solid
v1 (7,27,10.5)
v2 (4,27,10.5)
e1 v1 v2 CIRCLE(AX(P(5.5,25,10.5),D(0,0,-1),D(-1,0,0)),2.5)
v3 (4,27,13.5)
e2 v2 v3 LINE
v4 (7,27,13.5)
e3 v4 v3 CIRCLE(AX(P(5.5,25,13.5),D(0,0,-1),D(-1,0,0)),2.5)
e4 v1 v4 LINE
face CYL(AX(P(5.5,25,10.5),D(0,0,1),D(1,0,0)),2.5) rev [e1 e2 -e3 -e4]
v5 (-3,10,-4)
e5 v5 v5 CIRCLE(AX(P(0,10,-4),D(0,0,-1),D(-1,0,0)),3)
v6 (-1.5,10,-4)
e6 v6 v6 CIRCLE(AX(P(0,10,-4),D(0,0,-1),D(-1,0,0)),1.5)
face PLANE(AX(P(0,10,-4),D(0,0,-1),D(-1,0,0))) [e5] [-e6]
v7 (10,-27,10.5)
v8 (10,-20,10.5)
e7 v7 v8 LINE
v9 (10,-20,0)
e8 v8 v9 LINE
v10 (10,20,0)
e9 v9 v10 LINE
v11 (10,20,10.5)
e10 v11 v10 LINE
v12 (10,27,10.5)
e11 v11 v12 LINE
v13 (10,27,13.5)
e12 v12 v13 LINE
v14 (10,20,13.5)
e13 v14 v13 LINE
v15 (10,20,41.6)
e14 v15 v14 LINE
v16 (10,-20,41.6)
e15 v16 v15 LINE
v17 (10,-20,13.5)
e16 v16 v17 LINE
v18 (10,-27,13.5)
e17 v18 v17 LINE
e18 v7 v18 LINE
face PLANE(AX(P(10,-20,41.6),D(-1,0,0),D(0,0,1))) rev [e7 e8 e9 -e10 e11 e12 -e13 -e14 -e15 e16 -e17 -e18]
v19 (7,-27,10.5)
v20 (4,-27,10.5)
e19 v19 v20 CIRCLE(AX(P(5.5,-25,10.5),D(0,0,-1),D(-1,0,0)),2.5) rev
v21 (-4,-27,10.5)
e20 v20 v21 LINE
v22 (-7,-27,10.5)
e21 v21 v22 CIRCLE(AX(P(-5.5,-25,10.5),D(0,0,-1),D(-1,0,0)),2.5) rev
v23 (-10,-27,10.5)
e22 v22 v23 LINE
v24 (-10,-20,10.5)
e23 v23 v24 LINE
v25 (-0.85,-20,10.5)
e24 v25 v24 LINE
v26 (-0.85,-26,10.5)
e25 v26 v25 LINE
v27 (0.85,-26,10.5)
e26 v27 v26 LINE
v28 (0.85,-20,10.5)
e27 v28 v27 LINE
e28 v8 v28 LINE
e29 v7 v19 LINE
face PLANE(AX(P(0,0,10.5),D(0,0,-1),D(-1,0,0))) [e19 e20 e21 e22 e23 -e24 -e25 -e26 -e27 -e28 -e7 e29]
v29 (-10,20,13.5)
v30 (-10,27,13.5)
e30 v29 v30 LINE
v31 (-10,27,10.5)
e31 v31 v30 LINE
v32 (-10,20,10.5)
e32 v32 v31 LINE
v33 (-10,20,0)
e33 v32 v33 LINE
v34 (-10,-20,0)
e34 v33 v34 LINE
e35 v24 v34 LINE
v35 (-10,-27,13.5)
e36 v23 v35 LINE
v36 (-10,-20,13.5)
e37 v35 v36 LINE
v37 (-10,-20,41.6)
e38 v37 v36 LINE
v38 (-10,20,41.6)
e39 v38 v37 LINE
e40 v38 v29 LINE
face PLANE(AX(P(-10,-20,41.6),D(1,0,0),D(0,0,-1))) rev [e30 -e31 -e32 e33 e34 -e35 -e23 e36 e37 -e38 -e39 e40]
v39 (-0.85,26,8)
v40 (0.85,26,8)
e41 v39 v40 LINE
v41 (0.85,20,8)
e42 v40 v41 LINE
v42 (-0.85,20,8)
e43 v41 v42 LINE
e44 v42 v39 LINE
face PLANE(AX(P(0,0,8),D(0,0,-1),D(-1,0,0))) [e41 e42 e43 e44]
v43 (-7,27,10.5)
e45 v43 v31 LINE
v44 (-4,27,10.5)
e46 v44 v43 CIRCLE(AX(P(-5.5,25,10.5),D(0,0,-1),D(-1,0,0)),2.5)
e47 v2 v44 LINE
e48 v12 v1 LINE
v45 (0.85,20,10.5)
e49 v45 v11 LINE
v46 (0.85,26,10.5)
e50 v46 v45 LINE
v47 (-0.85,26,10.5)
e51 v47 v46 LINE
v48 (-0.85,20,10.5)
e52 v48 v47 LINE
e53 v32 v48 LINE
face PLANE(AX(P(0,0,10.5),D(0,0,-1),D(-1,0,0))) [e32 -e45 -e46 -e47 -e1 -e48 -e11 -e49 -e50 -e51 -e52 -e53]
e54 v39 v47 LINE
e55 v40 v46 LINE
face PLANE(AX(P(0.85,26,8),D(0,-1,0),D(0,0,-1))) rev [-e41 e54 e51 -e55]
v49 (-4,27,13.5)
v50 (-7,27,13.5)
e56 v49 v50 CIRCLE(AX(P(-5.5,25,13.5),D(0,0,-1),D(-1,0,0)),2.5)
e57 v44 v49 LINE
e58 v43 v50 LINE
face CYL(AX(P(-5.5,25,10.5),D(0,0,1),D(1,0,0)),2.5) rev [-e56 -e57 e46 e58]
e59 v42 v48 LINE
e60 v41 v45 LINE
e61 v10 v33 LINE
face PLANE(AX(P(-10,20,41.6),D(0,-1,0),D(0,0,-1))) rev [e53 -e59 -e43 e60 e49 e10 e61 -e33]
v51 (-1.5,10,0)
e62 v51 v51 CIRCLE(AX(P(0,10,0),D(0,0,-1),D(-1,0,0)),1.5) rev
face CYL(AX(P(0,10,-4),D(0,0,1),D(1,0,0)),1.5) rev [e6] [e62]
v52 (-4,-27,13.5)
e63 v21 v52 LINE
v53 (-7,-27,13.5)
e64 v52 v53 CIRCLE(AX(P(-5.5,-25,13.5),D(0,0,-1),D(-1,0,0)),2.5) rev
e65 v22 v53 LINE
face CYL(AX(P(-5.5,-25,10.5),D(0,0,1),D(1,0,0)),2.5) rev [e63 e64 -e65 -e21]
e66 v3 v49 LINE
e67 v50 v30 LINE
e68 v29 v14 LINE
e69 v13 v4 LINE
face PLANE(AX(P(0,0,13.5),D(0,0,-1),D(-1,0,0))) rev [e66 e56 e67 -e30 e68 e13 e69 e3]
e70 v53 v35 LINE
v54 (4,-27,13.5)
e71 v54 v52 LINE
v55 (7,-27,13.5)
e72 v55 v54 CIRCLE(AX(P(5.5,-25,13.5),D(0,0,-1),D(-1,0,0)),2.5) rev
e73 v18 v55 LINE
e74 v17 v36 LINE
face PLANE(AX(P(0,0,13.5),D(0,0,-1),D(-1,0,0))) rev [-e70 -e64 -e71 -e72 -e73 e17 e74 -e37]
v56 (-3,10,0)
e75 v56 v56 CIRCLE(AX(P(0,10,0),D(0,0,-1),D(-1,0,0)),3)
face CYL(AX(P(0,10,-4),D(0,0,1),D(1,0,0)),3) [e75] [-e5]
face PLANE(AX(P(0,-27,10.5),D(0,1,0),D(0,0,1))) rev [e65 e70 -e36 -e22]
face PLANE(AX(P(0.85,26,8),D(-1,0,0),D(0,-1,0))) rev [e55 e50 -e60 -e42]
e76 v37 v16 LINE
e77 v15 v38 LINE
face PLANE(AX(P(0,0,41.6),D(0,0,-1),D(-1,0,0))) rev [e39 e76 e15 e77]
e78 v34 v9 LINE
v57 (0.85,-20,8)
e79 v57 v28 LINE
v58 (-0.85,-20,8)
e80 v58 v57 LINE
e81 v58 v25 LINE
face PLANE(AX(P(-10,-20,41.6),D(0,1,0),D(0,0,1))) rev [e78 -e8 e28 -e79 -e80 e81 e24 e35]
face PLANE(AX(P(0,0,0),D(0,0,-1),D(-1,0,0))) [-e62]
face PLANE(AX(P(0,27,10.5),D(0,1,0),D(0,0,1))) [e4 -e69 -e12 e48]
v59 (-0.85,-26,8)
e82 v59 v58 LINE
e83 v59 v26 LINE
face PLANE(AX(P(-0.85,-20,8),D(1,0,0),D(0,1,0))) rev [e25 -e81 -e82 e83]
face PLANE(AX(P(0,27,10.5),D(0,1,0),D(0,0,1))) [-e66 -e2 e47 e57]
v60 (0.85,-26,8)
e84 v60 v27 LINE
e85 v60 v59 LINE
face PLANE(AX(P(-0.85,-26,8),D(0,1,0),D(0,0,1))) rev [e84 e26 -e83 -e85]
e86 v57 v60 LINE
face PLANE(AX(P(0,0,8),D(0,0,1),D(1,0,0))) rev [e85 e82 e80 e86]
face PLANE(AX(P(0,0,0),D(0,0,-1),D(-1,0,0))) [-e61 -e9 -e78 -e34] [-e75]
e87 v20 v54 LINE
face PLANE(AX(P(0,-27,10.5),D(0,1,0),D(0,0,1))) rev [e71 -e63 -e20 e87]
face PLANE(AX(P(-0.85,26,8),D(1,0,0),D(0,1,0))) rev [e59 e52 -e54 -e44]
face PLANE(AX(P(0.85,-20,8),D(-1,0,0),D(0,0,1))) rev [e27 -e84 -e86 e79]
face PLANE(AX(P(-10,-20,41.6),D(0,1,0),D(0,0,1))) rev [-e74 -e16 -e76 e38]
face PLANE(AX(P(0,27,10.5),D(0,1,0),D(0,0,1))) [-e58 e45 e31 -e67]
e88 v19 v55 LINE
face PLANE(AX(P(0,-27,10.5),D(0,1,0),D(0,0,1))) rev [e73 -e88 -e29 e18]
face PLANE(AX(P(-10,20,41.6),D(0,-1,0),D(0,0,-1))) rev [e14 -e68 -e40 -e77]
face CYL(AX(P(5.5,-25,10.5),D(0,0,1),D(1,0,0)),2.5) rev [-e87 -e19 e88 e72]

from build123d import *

# Parameters (mm, degrees)
SKETCH1_W           = 20
SKETCH1_H           = 40
BOSS_EXTRUDE1_DEPTH = 41.6
SKETCH2_R           = 3
SKETCH2_R_2         = 1.5
BOSS_EXTRUDE2_DEPTH = 4
BOSS_EXTRUDE3_START = -13.5
BOSS_EXTRUDE3_DEPTH = 3
SKETCH5_W           = 1.7
SKETCH5_H           = 6
BOSS_EXTRUDE4_DEPTH = 2.5


with BuildPart() as part:
    # Sketch1 → Boss-Extrude1 (new body)
    with BuildSketch(Plane.XY):
        Rectangle(SKETCH1_W, SKETCH1_H)
    extrude(amount=BOSS_EXTRUDE1_DEPTH)

    # Sketch2 → Boss-Extrude2 (add)
    with BuildSketch(Plane(origin=(0, 0, 0), x_dir=(-1, 0, 0), z_dir=(0, 0, -1))):
        with Locations((0, 10)):
            Circle(SKETCH2_R)
        with Locations((0, 10)):
            Circle(SKETCH2_R_2, mode=Mode.SUBTRACT)
    extrude(amount=BOSS_EXTRUDE2_DEPTH)

    # Sketch3 → Boss-Extrude3 (add)
    with BuildSketch(Plane(origin=(0, 0, 0), x_dir=(-1, 0, 0), z_dir=(0, 0, -1)).offset(BOSS_EXTRUDE3_START)):
        with BuildLine():
            Line((-10, 27), (-10, 20))
            Line((-10, 20), (10, 20))
            Line((10, 20), (10, 27))
            Line((10, 27), (7, 27))
            ThreePointArc((7, 27), (7.736067977, 26.118033989), (8, 25))
            ThreePointArc((8, 25), (4.381966011, 22.763932023), (4, 27))
            Line((4, 27), (-4, 27))
            ThreePointArc((-4, 27), (-3.263932023, 26.118033989), (-3, 25))
            ThreePointArc((-3, 25), (-6.618033989, 22.763932023), (-7, 27))
            Line((-7, 27), (-10, 27))
        make_face()
        with BuildLine():
            Line((10, -20), (-10, -20))
            Line((-10, -20), (-10, -27))
            Line((-10, -27), (-7, -27))
            ThreePointArc((-7, -27), (-6.618033989, -22.763932023), (-3, -25))
            ThreePointArc((-3, -25), (-3.263932023, -26.118033989), (-4, -27))
            Line((-4, -27), (4, -27))
            ThreePointArc((4, -27), (4.381966011, -22.763932023), (8, -25))
            ThreePointArc((8, -25), (7.736067977, -26.118033989), (7, -27))
            Line((7, -27), (10, -27))
            Line((10, -27), (10, -20))
        make_face()
    extrude(amount=BOSS_EXTRUDE3_DEPTH)

    # Sketch5 → Boss-Extrude4 (add)
    with BuildSketch(Plane(origin=(0, 0, 10.5), x_dir=(-1, 0, 0), z_dir=(0, 0, -1))):
        with Locations((0, 23)):
            Rectangle(SKETCH5_W, SKETCH5_H)
        with Locations((0, -23)):
            Rectangle(SKETCH5_W, SKETCH5_H)
    extrude(amount=BOSS_EXTRUDE4_DEPTH)


solid = part.part
